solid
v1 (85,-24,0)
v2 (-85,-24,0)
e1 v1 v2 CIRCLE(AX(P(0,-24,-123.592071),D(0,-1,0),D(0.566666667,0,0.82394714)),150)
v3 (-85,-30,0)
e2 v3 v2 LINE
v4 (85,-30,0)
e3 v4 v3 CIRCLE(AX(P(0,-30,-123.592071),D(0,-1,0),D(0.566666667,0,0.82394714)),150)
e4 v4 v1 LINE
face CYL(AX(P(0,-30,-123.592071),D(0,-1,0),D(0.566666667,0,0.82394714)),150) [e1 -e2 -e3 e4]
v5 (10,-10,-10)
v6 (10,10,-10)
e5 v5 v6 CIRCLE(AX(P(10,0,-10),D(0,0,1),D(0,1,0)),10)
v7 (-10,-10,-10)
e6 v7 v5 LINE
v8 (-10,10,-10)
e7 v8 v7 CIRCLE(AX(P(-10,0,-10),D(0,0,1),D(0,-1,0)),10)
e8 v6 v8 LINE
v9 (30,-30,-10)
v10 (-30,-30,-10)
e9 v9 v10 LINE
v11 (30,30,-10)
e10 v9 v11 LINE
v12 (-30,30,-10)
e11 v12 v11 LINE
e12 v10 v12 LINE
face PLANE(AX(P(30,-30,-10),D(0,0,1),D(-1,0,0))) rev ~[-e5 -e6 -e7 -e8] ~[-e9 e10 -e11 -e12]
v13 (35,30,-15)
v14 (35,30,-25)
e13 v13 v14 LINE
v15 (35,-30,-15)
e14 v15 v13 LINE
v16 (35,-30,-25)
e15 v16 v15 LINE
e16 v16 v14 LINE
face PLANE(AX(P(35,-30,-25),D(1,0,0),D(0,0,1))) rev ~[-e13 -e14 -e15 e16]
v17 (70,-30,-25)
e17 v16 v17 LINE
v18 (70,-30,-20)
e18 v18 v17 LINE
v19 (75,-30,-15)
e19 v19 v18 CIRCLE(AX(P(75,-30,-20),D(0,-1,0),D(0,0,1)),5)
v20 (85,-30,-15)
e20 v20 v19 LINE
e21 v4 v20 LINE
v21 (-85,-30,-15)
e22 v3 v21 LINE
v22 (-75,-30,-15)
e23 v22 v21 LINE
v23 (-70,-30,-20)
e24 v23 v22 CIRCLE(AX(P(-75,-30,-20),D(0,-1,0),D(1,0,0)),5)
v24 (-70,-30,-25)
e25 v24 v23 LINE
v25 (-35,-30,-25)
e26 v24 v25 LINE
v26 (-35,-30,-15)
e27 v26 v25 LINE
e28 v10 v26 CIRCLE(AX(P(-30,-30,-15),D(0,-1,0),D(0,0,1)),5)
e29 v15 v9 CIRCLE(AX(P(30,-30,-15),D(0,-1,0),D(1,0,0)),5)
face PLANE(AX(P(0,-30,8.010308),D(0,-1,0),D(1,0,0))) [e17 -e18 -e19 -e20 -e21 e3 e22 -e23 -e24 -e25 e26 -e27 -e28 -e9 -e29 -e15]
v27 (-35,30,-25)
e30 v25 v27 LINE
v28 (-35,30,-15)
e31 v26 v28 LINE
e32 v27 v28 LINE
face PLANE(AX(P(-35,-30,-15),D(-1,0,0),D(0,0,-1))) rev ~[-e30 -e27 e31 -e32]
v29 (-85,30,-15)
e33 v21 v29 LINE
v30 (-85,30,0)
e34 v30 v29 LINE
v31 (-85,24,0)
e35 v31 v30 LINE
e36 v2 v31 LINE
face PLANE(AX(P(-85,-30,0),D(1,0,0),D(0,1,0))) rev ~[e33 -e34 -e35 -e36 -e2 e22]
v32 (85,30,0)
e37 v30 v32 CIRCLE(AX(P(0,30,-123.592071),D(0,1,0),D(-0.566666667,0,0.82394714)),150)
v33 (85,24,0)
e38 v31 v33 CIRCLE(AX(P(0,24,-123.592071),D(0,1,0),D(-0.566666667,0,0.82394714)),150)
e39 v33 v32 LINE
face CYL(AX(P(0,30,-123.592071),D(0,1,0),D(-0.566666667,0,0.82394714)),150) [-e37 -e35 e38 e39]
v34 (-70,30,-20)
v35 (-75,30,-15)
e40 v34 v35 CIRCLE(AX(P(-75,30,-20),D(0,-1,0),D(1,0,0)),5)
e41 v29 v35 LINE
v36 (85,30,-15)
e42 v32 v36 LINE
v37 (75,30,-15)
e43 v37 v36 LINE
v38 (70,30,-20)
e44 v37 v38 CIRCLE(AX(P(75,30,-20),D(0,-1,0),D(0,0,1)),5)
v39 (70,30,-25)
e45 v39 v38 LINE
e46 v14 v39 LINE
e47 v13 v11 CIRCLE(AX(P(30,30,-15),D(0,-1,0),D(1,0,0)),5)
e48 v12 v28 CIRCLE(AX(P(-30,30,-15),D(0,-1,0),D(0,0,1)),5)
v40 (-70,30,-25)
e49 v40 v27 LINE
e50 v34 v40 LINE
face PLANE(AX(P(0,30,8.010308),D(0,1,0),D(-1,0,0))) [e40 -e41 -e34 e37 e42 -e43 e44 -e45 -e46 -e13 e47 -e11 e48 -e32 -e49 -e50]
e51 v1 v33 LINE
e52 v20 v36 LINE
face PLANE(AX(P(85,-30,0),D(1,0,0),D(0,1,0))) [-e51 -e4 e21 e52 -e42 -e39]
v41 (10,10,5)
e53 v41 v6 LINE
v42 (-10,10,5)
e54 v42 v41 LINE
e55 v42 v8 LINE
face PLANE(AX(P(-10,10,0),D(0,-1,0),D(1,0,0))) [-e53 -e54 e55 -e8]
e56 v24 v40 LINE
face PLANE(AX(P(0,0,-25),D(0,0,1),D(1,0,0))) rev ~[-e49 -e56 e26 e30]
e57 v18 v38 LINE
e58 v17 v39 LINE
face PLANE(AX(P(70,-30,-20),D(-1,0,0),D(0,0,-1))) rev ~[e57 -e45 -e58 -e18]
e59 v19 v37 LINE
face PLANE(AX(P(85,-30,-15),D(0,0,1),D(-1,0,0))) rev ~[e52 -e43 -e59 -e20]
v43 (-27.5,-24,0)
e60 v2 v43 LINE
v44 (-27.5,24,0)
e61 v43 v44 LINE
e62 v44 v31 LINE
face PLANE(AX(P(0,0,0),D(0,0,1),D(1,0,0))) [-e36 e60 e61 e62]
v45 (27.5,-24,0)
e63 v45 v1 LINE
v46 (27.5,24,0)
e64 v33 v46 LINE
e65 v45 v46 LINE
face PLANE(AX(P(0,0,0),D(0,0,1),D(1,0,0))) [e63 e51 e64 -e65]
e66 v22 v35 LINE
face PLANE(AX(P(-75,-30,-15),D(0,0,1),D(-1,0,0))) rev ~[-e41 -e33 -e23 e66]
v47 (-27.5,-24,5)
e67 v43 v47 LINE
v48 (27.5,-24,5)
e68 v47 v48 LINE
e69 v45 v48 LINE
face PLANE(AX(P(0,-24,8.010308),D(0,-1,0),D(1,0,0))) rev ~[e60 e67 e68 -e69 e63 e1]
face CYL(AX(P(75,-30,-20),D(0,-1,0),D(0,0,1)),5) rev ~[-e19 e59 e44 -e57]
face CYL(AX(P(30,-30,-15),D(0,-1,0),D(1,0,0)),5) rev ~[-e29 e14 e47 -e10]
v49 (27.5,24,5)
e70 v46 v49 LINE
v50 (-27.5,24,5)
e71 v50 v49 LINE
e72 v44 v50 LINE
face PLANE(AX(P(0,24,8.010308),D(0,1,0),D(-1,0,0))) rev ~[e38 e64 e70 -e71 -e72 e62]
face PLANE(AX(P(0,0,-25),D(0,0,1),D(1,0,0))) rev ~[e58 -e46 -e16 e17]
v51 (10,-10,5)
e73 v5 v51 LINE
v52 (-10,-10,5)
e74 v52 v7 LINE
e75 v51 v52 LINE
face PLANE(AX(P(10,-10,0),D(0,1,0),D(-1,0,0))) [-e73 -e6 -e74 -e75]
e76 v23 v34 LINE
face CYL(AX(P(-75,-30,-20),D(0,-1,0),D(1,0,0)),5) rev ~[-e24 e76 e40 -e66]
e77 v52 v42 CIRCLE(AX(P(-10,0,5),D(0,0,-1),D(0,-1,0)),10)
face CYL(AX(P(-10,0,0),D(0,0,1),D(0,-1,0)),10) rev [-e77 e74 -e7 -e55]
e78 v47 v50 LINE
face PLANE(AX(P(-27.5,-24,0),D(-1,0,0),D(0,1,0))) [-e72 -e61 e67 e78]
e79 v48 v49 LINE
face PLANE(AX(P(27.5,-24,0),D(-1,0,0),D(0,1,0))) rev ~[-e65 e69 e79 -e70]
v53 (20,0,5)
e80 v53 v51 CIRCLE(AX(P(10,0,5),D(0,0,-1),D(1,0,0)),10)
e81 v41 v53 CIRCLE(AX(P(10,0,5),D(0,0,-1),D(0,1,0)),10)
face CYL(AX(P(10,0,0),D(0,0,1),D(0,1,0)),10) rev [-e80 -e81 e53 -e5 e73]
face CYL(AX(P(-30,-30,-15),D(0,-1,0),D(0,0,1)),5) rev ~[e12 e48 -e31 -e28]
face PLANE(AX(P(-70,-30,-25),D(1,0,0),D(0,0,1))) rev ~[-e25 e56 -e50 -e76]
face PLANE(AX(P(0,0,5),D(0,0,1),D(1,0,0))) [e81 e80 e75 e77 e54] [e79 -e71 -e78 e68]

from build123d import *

# Parameters (mm, degrees)
F0_W      = 170
F0_H      = 60
F1_DEPTH  = 25
F2_W      = 55
F2_H      = 48
F3_DEPTH  = 5
F4_DEPTH  = 25.001
F7_DEPTH  = 6
F8_DEPTH  = 6
F10_DEPTH = 60.001
F12_DEPTH = 60.001


with BuildPart() as f1:
    # F0 (on Top) → F1 (new body)
    with BuildSketch(Plane.XY):
        Rectangle(F0_W, F0_H)
    extrude(amount=-F1_DEPTH)

    # F2 (on face) → F3 (join)
    with BuildSketch(Plane.XY):
        Rectangle(F2_W, F2_H)
        with BuildLine():
            ThreePointArc((20, 0), (17.0710678119, -7.0710678119), (10, -10))
            Line((10, -10), (-10, -10))
            ThreePointArc((-10, -10), (-20, 0), (-10, 10))
            Line((-10, 10), (10, 10))
            ThreePointArc((10, 10), (17.0710678119, 7.0710678119), (20, 0))
        make_face(mode=Mode.SUBTRACT)
    extrude(amount=F3_DEPTH)

    # F4 (cut, through all): a face of the model
    f4_faces = [f1.faces().sort_by_distance(p)[0] for p in [
        (0, 0, 0),
    ]]
    extrude(f4_faces, amount=-F4_DEPTH, mode=Mode.SUBTRACT)

    # F6 (on face) → F7 (join)
    with BuildSketch(Plane(origin=(0, 30, 0), x_dir=(-1, 0, 0), z_dir=(0, 1, 0))):
        with BuildLine():
            Line((-85, 0), (85, 0))
            ThreePointArc((85, 0), (0, 26.4079290569), (-85, 0))
        make_face()
    extrude(amount=-F7_DEPTH)

    # F5 (on face) → F8 (join)
    with BuildSketch(Plane.XZ.offset(30)):
        with BuildLine():
            Line((-85, 0), (85, 0))
            ThreePointArc((85, 0), (0, 26.4079290569), (-85, 0))
        make_face()
    extrude(amount=-F8_DEPTH)

    # F9 (on face) → F10 (cut, through all)
    with BuildSketch(Plane.XZ.offset(30)):
        with BuildLine():
            Line((-35, -25), (0, -25))
            Line((0, -25), (35, -25))
            Line((35, -25), (35, -15))
            ThreePointArc((35, -15), (33.5355339059, -11.4644660941), (30, -10))
            Line((30, -10), (-30, -10))
            ThreePointArc((-30, -10), (-33.5355339059, -11.4644660941), (-35, -15))
            Line((-35, -15), (-35, -25))
        make_face()
    extrude(amount=-F10_DEPTH, mode=Mode.SUBTRACT)

    # F11 (on face) → F12 (cut, through all)
    with BuildSketch(Plane.XZ.offset(30)):
        with BuildLine():
            Line((-85, -15), (-85, -25))
            Line((-85, -25), (-70, -25))
            Line((-70, -25), (-70, -20))
            ThreePointArc((-70, -20), (-71.4644660941, -16.4644660941), (-75, -15))
            Line((-75, -15), (-85, -15))
        make_face()
        with BuildLine():
            Line((85, -25), (85, -15))
            Line((85, -15), (75, -15))
            ThreePointArc((75, -15), (71.4644660941, -16.4644660941), (70, -20))
            Line((70, -20), (70, -25))
            Line((70, -25), (85, -25))
        make_face()
    extrude(amount=-F12_DEPTH, mode=Mode.SUBTRACT)


solid = f1.part
